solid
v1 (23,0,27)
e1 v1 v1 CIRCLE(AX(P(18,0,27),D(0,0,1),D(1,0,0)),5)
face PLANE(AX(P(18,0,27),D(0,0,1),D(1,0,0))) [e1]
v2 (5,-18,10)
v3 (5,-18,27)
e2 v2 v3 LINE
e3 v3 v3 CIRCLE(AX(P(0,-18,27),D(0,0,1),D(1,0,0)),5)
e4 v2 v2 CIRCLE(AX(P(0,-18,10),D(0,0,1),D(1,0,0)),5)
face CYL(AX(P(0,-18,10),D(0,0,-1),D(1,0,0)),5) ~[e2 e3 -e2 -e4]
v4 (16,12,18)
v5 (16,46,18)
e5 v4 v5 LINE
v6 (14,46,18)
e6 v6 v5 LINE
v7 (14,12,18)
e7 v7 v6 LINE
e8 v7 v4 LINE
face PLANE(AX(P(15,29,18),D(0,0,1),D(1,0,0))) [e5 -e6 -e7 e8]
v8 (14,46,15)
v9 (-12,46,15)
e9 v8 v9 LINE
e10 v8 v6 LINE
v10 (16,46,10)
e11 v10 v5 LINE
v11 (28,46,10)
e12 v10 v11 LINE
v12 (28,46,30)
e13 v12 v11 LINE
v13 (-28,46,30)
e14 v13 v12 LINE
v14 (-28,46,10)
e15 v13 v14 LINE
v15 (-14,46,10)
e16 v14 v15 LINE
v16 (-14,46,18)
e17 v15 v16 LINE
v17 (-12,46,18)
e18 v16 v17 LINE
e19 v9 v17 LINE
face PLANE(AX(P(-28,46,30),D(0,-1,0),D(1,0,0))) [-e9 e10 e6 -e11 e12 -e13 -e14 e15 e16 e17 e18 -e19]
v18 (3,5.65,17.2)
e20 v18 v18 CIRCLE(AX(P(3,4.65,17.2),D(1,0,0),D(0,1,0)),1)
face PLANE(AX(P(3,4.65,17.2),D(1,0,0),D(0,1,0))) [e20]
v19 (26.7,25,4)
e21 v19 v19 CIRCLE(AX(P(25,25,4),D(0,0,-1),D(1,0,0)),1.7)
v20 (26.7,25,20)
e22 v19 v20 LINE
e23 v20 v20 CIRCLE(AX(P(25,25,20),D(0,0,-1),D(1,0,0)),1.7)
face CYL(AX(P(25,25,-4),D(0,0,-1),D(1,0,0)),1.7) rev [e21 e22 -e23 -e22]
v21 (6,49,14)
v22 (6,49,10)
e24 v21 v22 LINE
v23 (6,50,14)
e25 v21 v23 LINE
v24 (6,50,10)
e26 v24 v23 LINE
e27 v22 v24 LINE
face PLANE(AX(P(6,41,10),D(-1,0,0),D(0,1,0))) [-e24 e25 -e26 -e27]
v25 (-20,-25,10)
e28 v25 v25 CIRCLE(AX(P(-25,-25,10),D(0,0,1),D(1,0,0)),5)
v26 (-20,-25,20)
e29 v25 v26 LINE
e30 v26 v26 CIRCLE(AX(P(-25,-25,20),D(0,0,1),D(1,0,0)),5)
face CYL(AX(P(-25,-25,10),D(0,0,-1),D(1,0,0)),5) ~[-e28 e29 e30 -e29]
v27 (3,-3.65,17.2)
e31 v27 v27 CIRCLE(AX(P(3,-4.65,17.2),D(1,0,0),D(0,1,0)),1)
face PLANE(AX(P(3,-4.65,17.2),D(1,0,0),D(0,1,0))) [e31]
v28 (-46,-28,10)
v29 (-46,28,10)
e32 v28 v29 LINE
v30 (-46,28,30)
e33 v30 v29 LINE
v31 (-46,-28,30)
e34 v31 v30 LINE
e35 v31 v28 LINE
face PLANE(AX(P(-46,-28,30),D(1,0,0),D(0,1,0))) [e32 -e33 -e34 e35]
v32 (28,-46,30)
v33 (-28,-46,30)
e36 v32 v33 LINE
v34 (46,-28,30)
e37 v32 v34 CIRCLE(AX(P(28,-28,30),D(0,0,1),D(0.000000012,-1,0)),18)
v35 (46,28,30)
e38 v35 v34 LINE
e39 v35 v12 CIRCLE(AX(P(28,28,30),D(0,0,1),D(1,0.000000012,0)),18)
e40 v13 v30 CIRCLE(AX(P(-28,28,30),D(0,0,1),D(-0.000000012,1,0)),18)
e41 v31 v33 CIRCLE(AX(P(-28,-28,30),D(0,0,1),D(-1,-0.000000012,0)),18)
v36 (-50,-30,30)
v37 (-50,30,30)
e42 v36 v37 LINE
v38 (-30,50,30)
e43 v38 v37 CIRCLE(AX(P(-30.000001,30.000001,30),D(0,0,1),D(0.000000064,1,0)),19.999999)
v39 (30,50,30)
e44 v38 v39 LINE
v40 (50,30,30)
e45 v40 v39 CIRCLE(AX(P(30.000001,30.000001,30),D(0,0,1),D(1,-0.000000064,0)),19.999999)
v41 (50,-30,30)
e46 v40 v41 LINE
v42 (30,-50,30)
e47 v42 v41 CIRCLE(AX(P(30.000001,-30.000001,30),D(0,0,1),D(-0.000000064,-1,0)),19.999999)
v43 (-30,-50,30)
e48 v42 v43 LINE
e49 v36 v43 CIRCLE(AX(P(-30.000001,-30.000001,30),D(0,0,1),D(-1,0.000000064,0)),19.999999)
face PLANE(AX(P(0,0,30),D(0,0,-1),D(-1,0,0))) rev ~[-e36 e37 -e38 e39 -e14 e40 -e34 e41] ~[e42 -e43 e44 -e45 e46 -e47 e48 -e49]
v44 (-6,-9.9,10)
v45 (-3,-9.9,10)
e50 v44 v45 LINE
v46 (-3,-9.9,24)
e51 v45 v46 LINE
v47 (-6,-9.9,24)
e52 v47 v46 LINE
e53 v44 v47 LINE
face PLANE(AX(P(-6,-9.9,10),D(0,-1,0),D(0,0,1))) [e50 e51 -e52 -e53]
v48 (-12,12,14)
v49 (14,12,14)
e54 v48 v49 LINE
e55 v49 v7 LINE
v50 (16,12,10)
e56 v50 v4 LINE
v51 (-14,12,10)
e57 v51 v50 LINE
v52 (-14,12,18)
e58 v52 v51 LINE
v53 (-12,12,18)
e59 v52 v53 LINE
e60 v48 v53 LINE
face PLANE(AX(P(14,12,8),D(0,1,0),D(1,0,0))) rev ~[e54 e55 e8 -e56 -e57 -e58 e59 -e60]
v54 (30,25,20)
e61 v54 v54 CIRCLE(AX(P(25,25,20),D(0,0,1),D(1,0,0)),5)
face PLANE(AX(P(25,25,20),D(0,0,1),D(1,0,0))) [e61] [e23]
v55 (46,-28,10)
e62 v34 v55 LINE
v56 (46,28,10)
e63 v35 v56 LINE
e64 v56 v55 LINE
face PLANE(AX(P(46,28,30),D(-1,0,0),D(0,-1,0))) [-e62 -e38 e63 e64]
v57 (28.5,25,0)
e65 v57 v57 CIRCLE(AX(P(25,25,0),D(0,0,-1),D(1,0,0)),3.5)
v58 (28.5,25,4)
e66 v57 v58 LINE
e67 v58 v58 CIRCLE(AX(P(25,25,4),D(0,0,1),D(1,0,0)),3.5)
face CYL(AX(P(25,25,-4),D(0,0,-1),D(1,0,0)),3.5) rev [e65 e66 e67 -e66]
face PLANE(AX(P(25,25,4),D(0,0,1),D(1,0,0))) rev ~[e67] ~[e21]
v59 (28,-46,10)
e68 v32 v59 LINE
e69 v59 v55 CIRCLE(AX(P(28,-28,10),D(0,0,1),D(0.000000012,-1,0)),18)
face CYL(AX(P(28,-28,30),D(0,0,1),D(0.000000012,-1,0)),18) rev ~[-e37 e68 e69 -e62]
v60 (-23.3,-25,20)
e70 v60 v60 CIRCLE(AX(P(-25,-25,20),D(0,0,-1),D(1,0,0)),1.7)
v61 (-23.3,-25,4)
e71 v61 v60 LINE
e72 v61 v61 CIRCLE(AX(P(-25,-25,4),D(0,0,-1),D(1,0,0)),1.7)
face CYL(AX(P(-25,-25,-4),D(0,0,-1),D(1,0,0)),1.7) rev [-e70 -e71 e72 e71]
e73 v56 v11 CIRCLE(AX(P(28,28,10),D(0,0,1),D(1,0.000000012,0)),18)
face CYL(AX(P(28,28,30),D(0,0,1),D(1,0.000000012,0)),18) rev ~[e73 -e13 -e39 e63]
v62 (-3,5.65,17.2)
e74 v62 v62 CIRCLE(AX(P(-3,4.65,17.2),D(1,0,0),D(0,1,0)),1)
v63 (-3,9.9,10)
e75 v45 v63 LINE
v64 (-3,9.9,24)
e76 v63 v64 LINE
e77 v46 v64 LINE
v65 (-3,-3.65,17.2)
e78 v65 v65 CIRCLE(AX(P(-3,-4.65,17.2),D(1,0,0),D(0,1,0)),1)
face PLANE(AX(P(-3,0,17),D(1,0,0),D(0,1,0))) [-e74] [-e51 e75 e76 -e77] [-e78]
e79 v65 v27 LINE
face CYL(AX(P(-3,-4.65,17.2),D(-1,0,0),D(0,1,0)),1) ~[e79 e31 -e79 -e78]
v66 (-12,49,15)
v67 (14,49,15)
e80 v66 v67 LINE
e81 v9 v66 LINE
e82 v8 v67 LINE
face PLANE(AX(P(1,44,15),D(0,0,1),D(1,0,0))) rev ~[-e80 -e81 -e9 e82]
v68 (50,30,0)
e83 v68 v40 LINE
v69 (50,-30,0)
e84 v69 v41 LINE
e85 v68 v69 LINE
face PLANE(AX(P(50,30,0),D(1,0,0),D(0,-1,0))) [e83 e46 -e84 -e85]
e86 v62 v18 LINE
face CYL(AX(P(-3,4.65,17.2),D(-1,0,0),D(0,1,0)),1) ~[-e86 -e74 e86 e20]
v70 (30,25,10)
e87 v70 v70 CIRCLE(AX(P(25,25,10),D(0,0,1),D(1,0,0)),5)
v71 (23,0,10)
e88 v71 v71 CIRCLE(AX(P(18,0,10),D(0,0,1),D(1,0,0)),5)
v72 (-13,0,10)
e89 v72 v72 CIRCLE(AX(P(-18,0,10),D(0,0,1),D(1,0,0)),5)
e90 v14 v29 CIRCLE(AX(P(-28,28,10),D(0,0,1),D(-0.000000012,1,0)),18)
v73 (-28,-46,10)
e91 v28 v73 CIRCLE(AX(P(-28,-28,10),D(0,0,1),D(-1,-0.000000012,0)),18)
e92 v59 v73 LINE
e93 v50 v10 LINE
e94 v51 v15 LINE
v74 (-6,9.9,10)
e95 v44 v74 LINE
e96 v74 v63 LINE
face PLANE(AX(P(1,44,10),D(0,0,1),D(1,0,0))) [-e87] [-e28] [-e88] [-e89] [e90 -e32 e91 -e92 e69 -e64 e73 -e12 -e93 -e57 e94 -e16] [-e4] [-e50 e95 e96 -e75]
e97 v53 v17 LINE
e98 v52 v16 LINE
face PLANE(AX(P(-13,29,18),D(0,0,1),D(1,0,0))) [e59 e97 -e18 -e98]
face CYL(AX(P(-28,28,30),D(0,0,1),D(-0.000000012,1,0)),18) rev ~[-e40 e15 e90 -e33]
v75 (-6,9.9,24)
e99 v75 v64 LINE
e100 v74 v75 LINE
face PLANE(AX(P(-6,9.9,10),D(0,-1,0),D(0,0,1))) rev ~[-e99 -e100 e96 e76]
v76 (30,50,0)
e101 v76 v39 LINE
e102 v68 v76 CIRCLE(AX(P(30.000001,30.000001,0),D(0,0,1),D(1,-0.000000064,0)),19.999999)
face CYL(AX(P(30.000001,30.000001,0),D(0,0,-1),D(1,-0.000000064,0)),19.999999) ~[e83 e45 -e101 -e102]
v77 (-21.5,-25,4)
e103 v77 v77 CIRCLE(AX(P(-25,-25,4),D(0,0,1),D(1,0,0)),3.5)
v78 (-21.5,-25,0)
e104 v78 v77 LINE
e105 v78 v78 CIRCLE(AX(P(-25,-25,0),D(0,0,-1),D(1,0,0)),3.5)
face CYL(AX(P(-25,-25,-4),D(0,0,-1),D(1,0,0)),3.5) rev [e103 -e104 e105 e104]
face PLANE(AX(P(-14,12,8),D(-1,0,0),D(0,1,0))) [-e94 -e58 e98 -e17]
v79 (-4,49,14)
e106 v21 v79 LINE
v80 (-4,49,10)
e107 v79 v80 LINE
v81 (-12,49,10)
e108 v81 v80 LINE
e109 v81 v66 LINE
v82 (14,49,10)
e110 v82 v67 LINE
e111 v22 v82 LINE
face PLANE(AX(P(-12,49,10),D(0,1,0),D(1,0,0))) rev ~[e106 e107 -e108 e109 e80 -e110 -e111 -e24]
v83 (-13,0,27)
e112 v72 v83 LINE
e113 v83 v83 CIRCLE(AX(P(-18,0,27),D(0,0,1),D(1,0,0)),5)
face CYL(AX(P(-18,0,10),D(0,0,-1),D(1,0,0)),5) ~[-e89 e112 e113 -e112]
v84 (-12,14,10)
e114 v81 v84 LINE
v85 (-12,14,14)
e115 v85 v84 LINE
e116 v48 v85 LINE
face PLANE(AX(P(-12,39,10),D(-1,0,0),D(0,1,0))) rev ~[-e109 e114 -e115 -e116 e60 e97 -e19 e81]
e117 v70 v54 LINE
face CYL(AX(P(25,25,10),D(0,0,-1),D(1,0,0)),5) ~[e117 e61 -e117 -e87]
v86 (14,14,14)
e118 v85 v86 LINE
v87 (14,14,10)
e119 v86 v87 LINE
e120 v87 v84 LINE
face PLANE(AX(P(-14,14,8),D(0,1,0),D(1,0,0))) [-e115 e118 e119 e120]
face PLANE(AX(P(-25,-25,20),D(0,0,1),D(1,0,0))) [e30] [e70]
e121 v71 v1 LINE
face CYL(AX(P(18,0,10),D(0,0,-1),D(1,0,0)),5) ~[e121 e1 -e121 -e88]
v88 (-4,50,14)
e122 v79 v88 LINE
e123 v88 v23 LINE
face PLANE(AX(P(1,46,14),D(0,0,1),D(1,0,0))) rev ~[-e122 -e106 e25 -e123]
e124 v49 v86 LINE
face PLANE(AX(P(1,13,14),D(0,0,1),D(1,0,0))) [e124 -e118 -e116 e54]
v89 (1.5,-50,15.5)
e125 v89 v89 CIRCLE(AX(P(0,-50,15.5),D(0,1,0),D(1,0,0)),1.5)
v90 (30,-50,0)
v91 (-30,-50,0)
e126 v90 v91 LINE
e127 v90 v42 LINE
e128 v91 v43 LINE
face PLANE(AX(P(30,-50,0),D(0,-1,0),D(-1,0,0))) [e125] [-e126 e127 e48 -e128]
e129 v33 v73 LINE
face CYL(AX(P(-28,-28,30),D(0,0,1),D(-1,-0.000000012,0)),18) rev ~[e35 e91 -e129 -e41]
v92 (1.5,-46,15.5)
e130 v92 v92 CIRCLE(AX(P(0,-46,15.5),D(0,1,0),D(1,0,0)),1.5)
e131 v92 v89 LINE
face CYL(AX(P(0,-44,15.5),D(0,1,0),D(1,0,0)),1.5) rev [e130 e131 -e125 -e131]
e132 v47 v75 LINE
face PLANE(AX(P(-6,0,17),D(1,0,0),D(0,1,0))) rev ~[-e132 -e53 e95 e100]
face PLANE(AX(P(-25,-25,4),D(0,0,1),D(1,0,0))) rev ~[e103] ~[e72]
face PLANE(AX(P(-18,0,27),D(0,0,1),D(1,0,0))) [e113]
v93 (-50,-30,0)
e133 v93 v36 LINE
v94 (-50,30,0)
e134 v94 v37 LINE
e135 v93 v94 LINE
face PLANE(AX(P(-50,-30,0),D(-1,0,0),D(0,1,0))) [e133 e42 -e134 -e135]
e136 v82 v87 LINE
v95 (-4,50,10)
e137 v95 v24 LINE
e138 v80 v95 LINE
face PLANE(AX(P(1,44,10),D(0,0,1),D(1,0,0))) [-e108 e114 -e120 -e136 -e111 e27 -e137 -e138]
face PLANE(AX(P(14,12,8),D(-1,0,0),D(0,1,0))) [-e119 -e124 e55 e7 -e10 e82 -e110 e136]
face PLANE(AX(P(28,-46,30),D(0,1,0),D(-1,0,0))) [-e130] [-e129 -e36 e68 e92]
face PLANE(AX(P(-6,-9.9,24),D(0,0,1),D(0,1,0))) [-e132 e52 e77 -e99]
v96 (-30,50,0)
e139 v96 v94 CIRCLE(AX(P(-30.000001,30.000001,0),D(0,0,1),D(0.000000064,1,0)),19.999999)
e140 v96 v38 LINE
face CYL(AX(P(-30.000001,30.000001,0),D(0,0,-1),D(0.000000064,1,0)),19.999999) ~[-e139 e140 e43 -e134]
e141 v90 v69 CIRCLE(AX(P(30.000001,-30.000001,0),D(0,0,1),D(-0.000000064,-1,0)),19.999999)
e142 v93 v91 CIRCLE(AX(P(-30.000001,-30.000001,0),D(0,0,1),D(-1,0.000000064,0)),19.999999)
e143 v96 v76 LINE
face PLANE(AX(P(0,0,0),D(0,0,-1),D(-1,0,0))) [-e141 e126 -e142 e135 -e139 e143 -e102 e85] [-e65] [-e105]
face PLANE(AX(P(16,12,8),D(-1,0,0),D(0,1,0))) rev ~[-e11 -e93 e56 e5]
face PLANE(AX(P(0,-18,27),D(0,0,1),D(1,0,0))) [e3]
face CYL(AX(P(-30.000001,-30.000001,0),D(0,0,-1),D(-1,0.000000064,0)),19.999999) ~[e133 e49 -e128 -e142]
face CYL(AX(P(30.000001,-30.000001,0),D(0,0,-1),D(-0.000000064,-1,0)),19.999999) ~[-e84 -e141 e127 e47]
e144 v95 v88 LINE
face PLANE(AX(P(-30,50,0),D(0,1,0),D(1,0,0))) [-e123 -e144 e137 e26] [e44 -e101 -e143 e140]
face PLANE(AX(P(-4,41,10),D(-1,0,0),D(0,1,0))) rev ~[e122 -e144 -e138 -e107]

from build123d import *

# Parameters (mm, degrees)
CYLINDER009_R     = 1.5
CYLINDER009_DEPTH = 10
CYLINDER008_R     = 3.5
CYLINDER008_DEPTH = 8
CYLINDER006_R     = 1.7
CYLINDER006_DEPTH = 36
CYLINDER007_R     = 3.5
CYLINDER007_DEPTH = 8
CYLINDER005_R     = 1.7
CYLINDER005_DEPTH = 36
CYLINDER004_R     = 5
CYLINDER004_DEPTH = 10
CYLINDER003_R     = 5
CYLINDER003_DEPTH = 10
SKETCH002_W       = 19.8
SKETCH002_H       = 14
PAD001_DEPTH      = 3
SKETCH003_R       = 1
PAD002_DEPTH      = 6
CYLINDER_R        = 5
CYLINDER_DEPTH    = 17
CYLINDER001_R     = 5
CYLINDER001_DEPTH = 17
CYLINDER002_R     = 5
CYLINDER002_DEPTH = 17
BOX_W             = 2
BOX_H             = 34
BOX_DEPTH         = 10
BOX001_W          = 2
BOX001_H          = 34
BOX001_DEPTH      = 10
BOX004_W          = 30
BOX004_H          = 2
BOX004_DEPTH      = 6
BOX003_W          = 26
BOX003_H          = 10
BOX003_DEPTH      = 5
BOX002_W          = 10
BOX002_H          = 10
BOX002_DEPTH      = 4
PAD_DEPTH         = 30
POCKET_DEPTH      = 20


with BuildPart() as taladro_led:
    # Cylinder009 → Cylinder009 (new body)
    with BuildSketch(Plane(origin=(0, -44, 15.5), x_dir=(1, 0, 0), z_dir=(0, -1, 0))):
        Circle(CYLINDER009_R)
    extrude(amount=CYLINDER009_DEPTH)


with BuildPart() as cylinder008:
    # Cylinder008 → Cylinder008 (new body)
    with BuildSketch(Plane(origin=(25, 25, -4), x_dir=(1, 0, 0), z_dir=(0, 0, 1))):
        Circle(CYLINDER008_R)
    extrude(amount=CYLINDER008_DEPTH)


with BuildPart() as fusion002:
    # Cylinder006 → Cylinder006 (new body)
    with BuildSketch(Plane(origin=(25, 25, -4), x_dir=(1, 0, 0), z_dir=(0, 0, 1))):
        Circle(CYLINDER006_R)
    extrude(amount=CYLINDER006_DEPTH)

    # Fusion002: union Cylinder008
    add(cylinder008.part)


with BuildPart() as cylinder007:
    # Cylinder007 → Cylinder007 (new body)
    with BuildSketch(Plane(origin=(-25, -25, -4), x_dir=(1, 0, 0), z_dir=(0, 0, 1))):
        Circle(CYLINDER007_R)
    extrude(amount=CYLINDER007_DEPTH)


with BuildPart() as fusion001:
    # Cylinder005 → Cylinder005 (new body)
    with BuildSketch(Plane(origin=(-25, -25, -4), x_dir=(1, 0, 0), z_dir=(0, 0, 1))):
        Circle(CYLINDER005_R)
    extrude(amount=CYLINDER005_DEPTH)

    # Fusion001: union Cylinder007
    add(cylinder007.part)


with BuildPart() as cylinder004:
    # Cylinder004 → Cylinder004 (new body)
    with BuildSketch(Plane(origin=(25, 25, 10), x_dir=(1, 0, 0), z_dir=(0, 0, 1))):
        Circle(CYLINDER004_R)
    extrude(amount=CYLINDER004_DEPTH)


with BuildPart() as cylinder003:
    # Cylinder003 → Cylinder003 (new body)
    with BuildSketch(Plane(origin=(-25, -25, 10), x_dir=(1, 0, 0), z_dir=(0, 0, 1))):
        Circle(CYLINDER003_R)
    extrude(amount=CYLINDER003_DEPTH)


with BuildPart() as soporte_fin_de_carrera:
    # Sketch002 → Pad001 (new body)
    with BuildSketch(Plane.YZ):
        with Locations((0, 7)):
            Rectangle(SKETCH002_W, SKETCH002_H)
    extrude(amount=PAD001_DEPTH)

    # Sketch003 (on Face6 of Pad001) → Pad002 (join)
    with BuildSketch(Plane.YZ.offset(3)):
        with Locations((-4.65, 7.2)):
            Circle(SKETCH003_R)
        with Locations((4.65, 7.2)):
            Circle(SKETCH003_R)
    extrude(amount=PAD002_DEPTH)


with BuildPart() as soporte_fin_de_carrera_1:
    # Body002 placement: moved
    add(soporte_fin_de_carrera.part.moved(Location((-6, 0, 10))))


with BuildPart() as cylinder:
    # Cylinder → Cylinder (new body)
    with BuildSketch(Plane(origin=(-18, 0, 10), x_dir=(1, 0, 0), z_dir=(0, 0, 1))):
        Circle(CYLINDER_R)
    extrude(amount=CYLINDER_DEPTH)


with BuildPart() as cylinder001:
    # Cylinder001 → Cylinder001 (new body)
    with BuildSketch(Plane(origin=(18, 0, 10), x_dir=(1, 0, 0), z_dir=(0, 0, 1))):
        Circle(CYLINDER001_R)
    extrude(amount=CYLINDER001_DEPTH)


with BuildPart() as cylinder002:
    # Cylinder002 → Cylinder002 (new body)
    with BuildSketch(Plane(origin=(0, -18, 10), x_dir=(1, 0, 0), z_dir=(0, 0, 1))):
        Circle(CYLINDER002_R)
    extrude(amount=CYLINDER002_DEPTH)


with BuildPart() as box:
    # Box → Box (new body)
    with BuildSketch(Plane(origin=(-14, 12, 8), x_dir=(1, 0, 0), z_dir=(0, 0, 1))):
        with Locations((1, 17)):
            Rectangle(BOX_W, BOX_H)
    extrude(amount=BOX_DEPTH)


with BuildPart() as box001:
    # Box001 → Box001 (new body)
    with BuildSketch(Plane(origin=(14, 12, 8), x_dir=(1, 0, 0), z_dir=(0, 0, 1))):
        with Locations((1, 17)):
            Rectangle(BOX001_W, BOX001_H)
    extrude(amount=BOX001_DEPTH)


with BuildPart() as box004:
    # Box004 → Box004 (new body)
    with BuildSketch(Plane(origin=(-14, 12, 8), x_dir=(1, 0, 0), z_dir=(0, 0, 1))):
        with Locations((15, 1)):
            Rectangle(BOX004_W, BOX004_H)
    extrude(amount=BOX004_DEPTH)


with BuildPart() as cajeado_borde_caja:
    # Box003 → Box003 (new body)
    with BuildSketch(Plane(origin=(-12, 39, 10), x_dir=(1, 0, 0), z_dir=(0, 0, 1))):
        with Locations((13, 5)):
            Rectangle(BOX003_W, BOX003_H)
    extrude(amount=BOX003_DEPTH)


with BuildPart() as fusion:
    # Box002 → Box002 (new body)
    with BuildSketch(Plane(origin=(-4, 41, 10), x_dir=(1, 0, 0), z_dir=(0, 0, 1))):
        with Locations((5, 5)):
            Rectangle(BOX002_W, BOX002_H)
    extrude(amount=BOX002_DEPTH)

    # Fusion: union Cajeado borde caja
    add(cajeado_borde_caja.part)


with BuildPart() as cut003:
    # Sketch → Pad (new body)
    with BuildSketch(Plane.XY):
        with BuildLine():
            Line((-30, 50), (30, 50))
            ThreePointArc((50, 30), (44.142136, 44.142136), (30, 50))
            Line((50, 30), (50, -30))
            ThreePointArc((30, -50), (44.142136, -44.142136), (50, -30))
            Line((30, -50), (-30, -50))
            ThreePointArc((-50, -30), (-44.142136, -44.142136), (-30, -50))
            Line((-50, -30), (-50, 30))
            ThreePointArc((-30, 50), (-44.142136, 44.142136), (-50, 30))
        make_face()
    extrude(amount=PAD_DEPTH)

    # Sketch001 (on Face10 of Pad) → Pocket (cut)
    with BuildSketch(Plane.XY.offset(30)):
        with BuildLine():
            Line((-28, 46), (28, 46))
            ThreePointArc((46, 28), (40.727922, 40.727922), (28, 46))
            Line((46, 28), (46, -28))
            ThreePointArc((28, -46), (40.727922, -40.727922), (46, -28))
            Line((28, -46), (-28, -46))
            ThreePointArc((-46, -28), (-40.727922, -40.727922), (-28, -46))
            Line((-46, -28), (-46, 28))
            ThreePointArc((-28, 46), (-40.727922, 40.727922), (-46, 28))
        make_face()
    extrude(amount=-POCKET_DEPTH, mode=Mode.SUBTRACT)

    # Cut: cut Fusion
    add(fusion.part, mode=Mode.SUBTRACT)

    # Fusion003: union Cylinder004, Cylinder003, Soporte fin de carrera, Cylinder, Cylinder001, Cylinder002, Box, Box001, Box004
    add(cylinder004.part)
    add(cylinder003.part)
    add(soporte_fin_de_carrera_1.part)
    add(cylinder.part)
    add(cylinder001.part)
    add(cylinder002.part)
    add(box.part)
    add(box001.part)
    add(box004.part)

    # Cut001: cut Fusion001
    add(fusion001.part, mode=Mode.SUBTRACT)

    # Cut002: cut Fusion002
    add(fusion002.part, mode=Mode.SUBTRACT)

    # Cut003: cut Taladro LED
    add(taladro_led.part, mode=Mode.SUBTRACT)


solid = cut003.part
